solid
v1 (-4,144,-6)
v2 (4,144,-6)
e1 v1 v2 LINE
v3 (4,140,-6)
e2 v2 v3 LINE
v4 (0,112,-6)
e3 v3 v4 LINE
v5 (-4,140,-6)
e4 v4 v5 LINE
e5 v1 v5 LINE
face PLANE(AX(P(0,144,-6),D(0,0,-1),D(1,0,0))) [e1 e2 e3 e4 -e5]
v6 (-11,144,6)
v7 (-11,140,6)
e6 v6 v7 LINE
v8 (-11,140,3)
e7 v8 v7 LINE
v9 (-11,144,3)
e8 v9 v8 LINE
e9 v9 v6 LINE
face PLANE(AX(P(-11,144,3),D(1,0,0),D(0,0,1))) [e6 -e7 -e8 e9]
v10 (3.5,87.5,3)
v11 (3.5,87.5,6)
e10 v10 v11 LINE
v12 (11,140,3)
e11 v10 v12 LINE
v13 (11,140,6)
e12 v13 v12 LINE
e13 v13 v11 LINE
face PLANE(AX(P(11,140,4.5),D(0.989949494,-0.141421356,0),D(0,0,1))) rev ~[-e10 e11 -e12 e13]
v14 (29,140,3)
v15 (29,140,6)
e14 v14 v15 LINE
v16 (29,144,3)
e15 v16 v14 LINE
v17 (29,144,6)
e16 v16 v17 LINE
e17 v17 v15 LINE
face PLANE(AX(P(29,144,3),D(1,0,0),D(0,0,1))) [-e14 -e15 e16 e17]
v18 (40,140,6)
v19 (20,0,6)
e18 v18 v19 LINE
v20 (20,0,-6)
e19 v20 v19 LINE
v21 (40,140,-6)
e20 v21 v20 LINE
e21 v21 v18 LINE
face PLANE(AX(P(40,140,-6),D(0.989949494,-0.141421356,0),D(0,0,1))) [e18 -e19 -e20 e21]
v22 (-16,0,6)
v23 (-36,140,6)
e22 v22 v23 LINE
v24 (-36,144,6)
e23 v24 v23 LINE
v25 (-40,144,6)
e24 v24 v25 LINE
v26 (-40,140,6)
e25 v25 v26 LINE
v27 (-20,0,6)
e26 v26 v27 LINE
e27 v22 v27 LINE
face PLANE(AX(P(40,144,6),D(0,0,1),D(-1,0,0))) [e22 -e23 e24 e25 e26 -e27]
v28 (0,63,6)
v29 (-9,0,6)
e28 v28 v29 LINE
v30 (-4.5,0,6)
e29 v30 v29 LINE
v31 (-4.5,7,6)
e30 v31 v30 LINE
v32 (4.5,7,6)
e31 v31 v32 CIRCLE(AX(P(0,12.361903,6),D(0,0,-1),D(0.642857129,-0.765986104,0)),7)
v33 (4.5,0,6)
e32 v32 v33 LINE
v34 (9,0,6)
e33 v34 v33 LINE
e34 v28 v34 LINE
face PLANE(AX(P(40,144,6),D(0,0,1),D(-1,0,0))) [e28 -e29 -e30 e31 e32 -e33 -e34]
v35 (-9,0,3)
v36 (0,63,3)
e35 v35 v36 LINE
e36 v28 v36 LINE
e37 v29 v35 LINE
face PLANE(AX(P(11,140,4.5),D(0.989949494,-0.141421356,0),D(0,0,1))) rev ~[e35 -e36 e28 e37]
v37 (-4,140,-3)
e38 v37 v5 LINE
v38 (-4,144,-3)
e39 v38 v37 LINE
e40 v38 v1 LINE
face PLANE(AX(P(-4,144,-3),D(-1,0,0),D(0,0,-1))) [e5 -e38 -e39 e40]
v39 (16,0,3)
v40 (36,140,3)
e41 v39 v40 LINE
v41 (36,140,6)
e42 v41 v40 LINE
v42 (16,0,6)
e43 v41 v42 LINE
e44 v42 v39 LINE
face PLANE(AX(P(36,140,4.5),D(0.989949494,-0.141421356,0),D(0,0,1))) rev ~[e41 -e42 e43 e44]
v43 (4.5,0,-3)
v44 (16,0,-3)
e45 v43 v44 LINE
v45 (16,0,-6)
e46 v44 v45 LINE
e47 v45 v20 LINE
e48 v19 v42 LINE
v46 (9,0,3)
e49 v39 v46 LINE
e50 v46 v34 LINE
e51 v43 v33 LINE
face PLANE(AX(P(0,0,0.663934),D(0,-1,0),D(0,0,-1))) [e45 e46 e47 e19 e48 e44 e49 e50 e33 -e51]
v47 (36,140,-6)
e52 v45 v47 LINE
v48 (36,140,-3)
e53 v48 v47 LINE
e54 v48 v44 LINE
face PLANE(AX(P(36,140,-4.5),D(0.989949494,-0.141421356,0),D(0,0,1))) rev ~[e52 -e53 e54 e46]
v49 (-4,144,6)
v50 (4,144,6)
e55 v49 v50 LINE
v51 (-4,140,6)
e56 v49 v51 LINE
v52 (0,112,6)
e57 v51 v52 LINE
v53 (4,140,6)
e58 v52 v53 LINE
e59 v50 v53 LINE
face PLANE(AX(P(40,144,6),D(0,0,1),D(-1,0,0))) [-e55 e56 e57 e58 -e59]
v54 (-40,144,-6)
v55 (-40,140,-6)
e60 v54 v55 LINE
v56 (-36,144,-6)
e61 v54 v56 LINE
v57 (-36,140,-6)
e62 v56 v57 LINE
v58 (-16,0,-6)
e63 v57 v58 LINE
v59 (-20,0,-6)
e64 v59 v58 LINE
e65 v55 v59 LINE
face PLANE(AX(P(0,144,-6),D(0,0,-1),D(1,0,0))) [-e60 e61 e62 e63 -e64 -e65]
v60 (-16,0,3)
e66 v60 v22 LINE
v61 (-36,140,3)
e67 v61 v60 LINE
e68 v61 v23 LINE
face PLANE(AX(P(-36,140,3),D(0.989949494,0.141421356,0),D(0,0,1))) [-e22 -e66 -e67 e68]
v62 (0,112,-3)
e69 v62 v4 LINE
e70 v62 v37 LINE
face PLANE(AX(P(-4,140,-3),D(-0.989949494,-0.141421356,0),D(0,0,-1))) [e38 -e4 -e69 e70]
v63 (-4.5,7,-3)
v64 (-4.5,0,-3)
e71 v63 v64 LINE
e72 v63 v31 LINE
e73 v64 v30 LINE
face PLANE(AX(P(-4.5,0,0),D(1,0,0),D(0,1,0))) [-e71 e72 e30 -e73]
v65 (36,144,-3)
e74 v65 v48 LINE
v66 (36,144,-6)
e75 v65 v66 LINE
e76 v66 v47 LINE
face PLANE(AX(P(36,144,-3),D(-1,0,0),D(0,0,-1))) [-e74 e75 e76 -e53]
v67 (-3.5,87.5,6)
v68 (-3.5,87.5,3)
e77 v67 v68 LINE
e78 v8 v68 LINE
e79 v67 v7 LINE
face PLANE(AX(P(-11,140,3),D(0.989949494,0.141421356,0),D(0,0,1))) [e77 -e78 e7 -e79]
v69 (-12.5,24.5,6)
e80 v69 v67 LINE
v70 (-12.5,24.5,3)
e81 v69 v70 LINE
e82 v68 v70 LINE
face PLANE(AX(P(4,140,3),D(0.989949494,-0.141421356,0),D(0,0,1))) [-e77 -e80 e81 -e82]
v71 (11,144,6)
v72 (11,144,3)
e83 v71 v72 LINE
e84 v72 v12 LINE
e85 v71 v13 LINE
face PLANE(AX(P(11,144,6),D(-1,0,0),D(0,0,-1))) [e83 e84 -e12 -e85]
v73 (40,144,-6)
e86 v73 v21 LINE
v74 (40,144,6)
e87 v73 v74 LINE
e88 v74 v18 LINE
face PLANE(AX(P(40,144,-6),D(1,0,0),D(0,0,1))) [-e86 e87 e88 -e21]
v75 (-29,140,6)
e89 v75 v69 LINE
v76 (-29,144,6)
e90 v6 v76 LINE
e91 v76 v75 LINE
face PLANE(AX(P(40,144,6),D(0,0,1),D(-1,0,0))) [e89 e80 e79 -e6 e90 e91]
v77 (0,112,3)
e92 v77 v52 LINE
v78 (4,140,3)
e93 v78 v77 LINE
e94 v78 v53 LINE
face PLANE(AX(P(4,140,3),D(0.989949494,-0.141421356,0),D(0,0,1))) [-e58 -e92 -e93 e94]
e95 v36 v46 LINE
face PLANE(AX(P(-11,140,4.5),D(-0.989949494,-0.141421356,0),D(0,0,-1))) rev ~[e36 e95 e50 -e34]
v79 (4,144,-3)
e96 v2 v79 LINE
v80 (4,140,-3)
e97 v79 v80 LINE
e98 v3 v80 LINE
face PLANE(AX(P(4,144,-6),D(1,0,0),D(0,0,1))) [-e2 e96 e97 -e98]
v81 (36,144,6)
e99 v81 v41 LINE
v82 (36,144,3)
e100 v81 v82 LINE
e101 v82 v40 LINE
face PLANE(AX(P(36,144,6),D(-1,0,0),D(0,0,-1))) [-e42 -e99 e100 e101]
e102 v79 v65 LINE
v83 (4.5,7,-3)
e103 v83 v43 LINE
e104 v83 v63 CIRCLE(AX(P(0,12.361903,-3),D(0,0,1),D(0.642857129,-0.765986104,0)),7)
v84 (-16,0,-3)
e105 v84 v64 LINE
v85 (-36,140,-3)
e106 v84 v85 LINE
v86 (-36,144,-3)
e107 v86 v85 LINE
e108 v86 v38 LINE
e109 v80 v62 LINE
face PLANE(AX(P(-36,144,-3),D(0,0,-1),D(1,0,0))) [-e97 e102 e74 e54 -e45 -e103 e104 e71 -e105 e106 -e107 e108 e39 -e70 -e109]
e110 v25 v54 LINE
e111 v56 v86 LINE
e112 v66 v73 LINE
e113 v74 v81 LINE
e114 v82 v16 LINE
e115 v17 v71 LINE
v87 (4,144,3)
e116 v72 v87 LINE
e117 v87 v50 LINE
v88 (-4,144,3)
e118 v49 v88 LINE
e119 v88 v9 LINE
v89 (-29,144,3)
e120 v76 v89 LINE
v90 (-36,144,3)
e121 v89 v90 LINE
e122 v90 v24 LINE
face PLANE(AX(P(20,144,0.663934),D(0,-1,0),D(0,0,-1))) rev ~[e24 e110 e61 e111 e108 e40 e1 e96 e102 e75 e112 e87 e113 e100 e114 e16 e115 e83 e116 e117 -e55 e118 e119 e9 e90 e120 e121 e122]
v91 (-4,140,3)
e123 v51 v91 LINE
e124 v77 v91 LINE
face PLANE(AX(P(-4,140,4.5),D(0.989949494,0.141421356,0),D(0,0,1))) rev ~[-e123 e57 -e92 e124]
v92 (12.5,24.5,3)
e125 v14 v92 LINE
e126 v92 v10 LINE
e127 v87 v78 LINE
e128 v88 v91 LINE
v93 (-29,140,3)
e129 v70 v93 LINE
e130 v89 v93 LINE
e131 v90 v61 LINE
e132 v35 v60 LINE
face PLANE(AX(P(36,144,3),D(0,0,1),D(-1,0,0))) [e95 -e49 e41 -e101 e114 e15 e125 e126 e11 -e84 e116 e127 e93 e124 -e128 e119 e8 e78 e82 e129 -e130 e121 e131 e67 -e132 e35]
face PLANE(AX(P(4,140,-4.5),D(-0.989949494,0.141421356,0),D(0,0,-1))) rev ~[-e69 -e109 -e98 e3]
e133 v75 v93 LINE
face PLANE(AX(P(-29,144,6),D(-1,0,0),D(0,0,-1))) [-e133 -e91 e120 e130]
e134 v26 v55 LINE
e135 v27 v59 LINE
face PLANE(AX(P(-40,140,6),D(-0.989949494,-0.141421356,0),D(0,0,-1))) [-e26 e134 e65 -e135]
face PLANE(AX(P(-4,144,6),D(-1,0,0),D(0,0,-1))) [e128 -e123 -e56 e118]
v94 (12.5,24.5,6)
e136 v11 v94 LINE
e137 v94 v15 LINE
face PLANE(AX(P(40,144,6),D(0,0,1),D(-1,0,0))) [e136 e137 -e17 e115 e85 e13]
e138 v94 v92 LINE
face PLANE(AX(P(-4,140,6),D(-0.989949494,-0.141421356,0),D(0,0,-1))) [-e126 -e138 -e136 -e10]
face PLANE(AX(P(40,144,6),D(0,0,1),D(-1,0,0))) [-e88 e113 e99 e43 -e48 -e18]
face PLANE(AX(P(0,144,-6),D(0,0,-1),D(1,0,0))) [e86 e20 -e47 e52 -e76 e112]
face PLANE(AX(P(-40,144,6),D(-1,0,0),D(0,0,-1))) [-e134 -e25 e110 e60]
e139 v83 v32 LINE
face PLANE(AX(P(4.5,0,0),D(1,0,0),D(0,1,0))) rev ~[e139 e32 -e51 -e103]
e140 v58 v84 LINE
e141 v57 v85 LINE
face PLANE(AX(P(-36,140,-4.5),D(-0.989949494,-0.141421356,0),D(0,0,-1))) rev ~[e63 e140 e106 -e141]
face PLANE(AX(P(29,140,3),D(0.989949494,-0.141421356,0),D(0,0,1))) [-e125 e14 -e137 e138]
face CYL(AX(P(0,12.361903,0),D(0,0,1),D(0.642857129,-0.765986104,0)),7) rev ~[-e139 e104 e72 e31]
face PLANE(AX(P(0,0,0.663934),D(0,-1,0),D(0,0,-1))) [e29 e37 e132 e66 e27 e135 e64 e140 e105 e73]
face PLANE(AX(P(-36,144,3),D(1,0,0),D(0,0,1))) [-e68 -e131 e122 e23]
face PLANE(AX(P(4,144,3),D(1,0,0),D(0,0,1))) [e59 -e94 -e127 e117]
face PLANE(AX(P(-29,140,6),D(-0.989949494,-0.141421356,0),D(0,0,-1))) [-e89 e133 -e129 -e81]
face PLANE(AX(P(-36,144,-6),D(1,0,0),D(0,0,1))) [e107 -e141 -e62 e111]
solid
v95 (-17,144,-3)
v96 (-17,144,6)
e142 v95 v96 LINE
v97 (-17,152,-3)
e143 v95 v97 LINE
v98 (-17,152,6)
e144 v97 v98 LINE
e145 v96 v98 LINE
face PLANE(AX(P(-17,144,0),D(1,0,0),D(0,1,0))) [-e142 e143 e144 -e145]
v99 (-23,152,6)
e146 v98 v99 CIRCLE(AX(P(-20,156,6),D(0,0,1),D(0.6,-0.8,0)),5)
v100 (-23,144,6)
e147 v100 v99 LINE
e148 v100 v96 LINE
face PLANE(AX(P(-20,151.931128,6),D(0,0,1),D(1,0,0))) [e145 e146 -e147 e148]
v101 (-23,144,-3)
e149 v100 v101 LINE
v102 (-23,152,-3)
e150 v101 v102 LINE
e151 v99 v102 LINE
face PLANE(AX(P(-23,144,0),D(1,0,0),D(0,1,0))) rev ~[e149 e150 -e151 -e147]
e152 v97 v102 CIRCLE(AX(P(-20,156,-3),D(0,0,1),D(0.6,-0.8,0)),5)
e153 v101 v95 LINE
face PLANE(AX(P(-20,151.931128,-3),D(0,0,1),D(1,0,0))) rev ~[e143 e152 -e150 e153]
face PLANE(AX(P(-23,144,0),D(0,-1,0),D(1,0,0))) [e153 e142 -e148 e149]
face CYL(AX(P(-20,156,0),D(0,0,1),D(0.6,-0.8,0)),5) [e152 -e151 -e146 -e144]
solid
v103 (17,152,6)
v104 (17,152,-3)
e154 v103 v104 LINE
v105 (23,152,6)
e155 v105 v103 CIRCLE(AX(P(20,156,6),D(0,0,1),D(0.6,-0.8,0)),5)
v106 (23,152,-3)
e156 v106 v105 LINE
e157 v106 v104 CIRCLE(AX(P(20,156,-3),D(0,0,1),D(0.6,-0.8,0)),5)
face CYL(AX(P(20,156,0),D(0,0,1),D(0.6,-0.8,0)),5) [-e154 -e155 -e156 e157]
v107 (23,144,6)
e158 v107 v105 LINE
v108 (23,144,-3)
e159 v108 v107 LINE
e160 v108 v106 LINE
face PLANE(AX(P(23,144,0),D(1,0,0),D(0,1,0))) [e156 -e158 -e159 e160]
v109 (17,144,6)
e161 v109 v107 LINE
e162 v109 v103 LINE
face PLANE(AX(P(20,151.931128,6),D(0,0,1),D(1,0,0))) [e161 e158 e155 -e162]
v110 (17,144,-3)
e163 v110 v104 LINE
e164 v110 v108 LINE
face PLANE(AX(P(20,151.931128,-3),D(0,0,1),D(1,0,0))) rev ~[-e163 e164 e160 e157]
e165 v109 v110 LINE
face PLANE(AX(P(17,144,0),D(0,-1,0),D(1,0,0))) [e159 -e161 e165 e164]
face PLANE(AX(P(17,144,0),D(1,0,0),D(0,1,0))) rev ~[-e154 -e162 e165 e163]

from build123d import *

# Parameters (mm, degrees)
SKETCH004_W       = 32
SKETCH004_H       = 3
SKETCH005_W       = 7
SKETCH005_H       = 3
SKETCH006_W       = 7
SKETCH006_H       = 3
POCKET_DEPTH      = 6.001
POCKET_DEPTH_BACK = -6.001
PAD001_DEPTH      = 6
PAD001_DEPTH_BACK = 3
PAD002_DEPTH      = 6
PAD002_DEPTH_BACK = 3


with BuildPart() as body:
    # AdditivePipe: sweep along a path in Sketch
    with BuildLine(Plane.XY) as additivepipe_path:
        Line((-20, 144), (-20, 140))
        Line((-20, 140), (0, 0))
    # Sketch002 → AdditivePipe (sweep)
    with BuildSketch(Plane.XZ):
        Polygon((-20, 6), (-20, -6), (-16, -6), (-16, -3), (-9, -3), (9, -3), (16, -3), (16, -6), (20, -6), (20, 6), (16, 6), (16, 3), (9, 3), (9, 6), (-9, 6), (-9, 3), (-16, 3), (-16, 6), align=None)
    sweep(path=additivepipe_path.line)

    # AdditivePipe001: sweep along a path in Sketch001
    with BuildLine(Plane.XY) as additivepipe001_path:
        Line((20, 144), (20, 140))
        Line((20, 140), (0, 0))
    # Sketch002 → AdditivePipe001 (sweep)
    with BuildSketch(Plane.XZ):
        Polygon((-20, 6), (-20, -6), (-16, -6), (-16, -3), (-9, -3), (9, -3), (16, -3), (16, -6), (20, -6), (20, 6), (16, 6), (16, 3), (9, 3), (9, 6), (-9, 6), (-9, 3), (-16, 3), (-16, 6), align=None)
    sweep(path=additivepipe001_path.line)

    # SubtractivePipe: sweep along a path in Sketch
    with BuildLine(Plane.XY) as subtractivepipe_path:
        Line((-20, 144), (-20, 140))
        Line((-20, 140), (0, 0))
    # Sketch004 → SubtractivePipe (sweep, cut)
    with BuildSketch(Plane.XZ):
        with Locations((0, -4.5)):
            Rectangle(SKETCH004_W, SKETCH004_H)
    sweep(path=subtractivepipe_path.line, mode=Mode.SUBTRACT)

    # SubtractivePipe001: sweep along a path in Sketch001
    with BuildLine(Plane.XY) as subtractivepipe001_path:
        Line((20, 144), (20, 140))
        Line((20, 140), (0, 0))
    # Sketch004 → SubtractivePipe001 (sweep, cut)
    with BuildSketch(Plane.XZ):
        with Locations((0, -4.5)):
            Rectangle(SKETCH004_W, SKETCH004_H)
    sweep(path=subtractivepipe001_path.line, mode=Mode.SUBTRACT)

    # SubtractivePipe002: sweep along a path in Sketch
    with BuildLine(Plane.XY) as subtractivepipe002_path:
        Line((-20, 144), (-20, 140))
        Line((-20, 140), (0, 0))
    # Sketch005 → SubtractivePipe002 (sweep, cut)
    with BuildSketch(Plane.XZ):
        with Locations((-12.5, 4.5)):
            Rectangle(SKETCH005_W, SKETCH005_H)
    sweep(path=subtractivepipe002_path.line, mode=Mode.SUBTRACT)

    # SubtractivePipe003: sweep along a path in Sketch001
    with BuildLine(Plane.XY) as subtractivepipe003_path:
        Line((20, 144), (20, 140))
        Line((20, 140), (0, 0))
    # Sketch005 → SubtractivePipe003 (sweep, cut)
    with BuildSketch(Plane.XZ):
        with Locations((-12.5, 4.5)):
            Rectangle(SKETCH005_W, SKETCH005_H)
    sweep(path=subtractivepipe003_path.line, mode=Mode.SUBTRACT)

    # SubtractivePipe004: sweep along a path in Sketch
    with BuildLine(Plane.XY) as subtractivepipe004_path:
        Line((-20, 144), (-20, 140))
        Line((-20, 140), (0, 0))
    # Sketch006 → SubtractivePipe004 (sweep, cut)
    with BuildSketch(Plane.XZ):
        with Locations((12.5, 4.5)):
            Rectangle(SKETCH006_W, SKETCH006_H)
    sweep(path=subtractivepipe004_path.line, mode=Mode.SUBTRACT)

    # SubtractivePipe005: sweep along a path in Sketch001
    with BuildLine(Plane.XY) as subtractivepipe005_path:
        Line((20, 144), (20, 140))
        Line((20, 140), (0, 0))
    # Sketch006 → SubtractivePipe005 (sweep, cut)
    with BuildSketch(Plane.XZ):
        with Locations((12.5, 4.5)):
            Rectangle(SKETCH006_W, SKETCH006_H)
    sweep(path=subtractivepipe005_path.line, mode=Mode.SUBTRACT)

    # Sketch003 → Pocket (cut, two sides)
    with BuildSketch(Plane.XY) as pocket_sk:
        with BuildLine():
            Line((-4.5, 0), (4.5, 0))
            Line((4.5, 0), (4.5, 7))
            ThreePointArc((4.5, 7), (0, 19.361903), (-4.5, 7))
            Line((-4.5, 0), (-4.5, 7))
        make_face()
    extrude(amount=-POCKET_DEPTH, mode=Mode.SUBTRACT)
    extrude(pocket_sk.sketch, amount=-POCKET_DEPTH_BACK, mode=Mode.SUBTRACT)


with BuildPart() as male2:
    # Sketch010 → Pad001 (new body, two sides)
    with BuildSketch(Plane.XY) as pad001_sk:
        with BuildLine():
            Line((-23, 144), (-17, 144))
            Line((-17, 144), (-17, 152))
            ThreePointArc((-17, 152), (-20, 161), (-23, 152))
            Line((-23, 144), (-23, 152))
        make_face()
    extrude(amount=PAD001_DEPTH)
    extrude(pad001_sk.sketch, amount=-PAD001_DEPTH_BACK)


with BuildPart() as male3:
    # Sketch011 → Pad002 (new body, two sides)
    with BuildSketch(Plane.XY) as pad002_sk:
        with BuildLine():
            Line((17, 144), (23, 144))
            Line((23, 144), (23, 152))
            ThreePointArc((23, 152), (20, 161), (17, 152))
            Line((17, 144), (17, 152))
        make_face()
    extrude(amount=PAD002_DEPTH)
    extrude(pad002_sk.sketch, amount=-PAD002_DEPTH_BACK)


solid = Compound([body.part, male2.part, male3.part])
